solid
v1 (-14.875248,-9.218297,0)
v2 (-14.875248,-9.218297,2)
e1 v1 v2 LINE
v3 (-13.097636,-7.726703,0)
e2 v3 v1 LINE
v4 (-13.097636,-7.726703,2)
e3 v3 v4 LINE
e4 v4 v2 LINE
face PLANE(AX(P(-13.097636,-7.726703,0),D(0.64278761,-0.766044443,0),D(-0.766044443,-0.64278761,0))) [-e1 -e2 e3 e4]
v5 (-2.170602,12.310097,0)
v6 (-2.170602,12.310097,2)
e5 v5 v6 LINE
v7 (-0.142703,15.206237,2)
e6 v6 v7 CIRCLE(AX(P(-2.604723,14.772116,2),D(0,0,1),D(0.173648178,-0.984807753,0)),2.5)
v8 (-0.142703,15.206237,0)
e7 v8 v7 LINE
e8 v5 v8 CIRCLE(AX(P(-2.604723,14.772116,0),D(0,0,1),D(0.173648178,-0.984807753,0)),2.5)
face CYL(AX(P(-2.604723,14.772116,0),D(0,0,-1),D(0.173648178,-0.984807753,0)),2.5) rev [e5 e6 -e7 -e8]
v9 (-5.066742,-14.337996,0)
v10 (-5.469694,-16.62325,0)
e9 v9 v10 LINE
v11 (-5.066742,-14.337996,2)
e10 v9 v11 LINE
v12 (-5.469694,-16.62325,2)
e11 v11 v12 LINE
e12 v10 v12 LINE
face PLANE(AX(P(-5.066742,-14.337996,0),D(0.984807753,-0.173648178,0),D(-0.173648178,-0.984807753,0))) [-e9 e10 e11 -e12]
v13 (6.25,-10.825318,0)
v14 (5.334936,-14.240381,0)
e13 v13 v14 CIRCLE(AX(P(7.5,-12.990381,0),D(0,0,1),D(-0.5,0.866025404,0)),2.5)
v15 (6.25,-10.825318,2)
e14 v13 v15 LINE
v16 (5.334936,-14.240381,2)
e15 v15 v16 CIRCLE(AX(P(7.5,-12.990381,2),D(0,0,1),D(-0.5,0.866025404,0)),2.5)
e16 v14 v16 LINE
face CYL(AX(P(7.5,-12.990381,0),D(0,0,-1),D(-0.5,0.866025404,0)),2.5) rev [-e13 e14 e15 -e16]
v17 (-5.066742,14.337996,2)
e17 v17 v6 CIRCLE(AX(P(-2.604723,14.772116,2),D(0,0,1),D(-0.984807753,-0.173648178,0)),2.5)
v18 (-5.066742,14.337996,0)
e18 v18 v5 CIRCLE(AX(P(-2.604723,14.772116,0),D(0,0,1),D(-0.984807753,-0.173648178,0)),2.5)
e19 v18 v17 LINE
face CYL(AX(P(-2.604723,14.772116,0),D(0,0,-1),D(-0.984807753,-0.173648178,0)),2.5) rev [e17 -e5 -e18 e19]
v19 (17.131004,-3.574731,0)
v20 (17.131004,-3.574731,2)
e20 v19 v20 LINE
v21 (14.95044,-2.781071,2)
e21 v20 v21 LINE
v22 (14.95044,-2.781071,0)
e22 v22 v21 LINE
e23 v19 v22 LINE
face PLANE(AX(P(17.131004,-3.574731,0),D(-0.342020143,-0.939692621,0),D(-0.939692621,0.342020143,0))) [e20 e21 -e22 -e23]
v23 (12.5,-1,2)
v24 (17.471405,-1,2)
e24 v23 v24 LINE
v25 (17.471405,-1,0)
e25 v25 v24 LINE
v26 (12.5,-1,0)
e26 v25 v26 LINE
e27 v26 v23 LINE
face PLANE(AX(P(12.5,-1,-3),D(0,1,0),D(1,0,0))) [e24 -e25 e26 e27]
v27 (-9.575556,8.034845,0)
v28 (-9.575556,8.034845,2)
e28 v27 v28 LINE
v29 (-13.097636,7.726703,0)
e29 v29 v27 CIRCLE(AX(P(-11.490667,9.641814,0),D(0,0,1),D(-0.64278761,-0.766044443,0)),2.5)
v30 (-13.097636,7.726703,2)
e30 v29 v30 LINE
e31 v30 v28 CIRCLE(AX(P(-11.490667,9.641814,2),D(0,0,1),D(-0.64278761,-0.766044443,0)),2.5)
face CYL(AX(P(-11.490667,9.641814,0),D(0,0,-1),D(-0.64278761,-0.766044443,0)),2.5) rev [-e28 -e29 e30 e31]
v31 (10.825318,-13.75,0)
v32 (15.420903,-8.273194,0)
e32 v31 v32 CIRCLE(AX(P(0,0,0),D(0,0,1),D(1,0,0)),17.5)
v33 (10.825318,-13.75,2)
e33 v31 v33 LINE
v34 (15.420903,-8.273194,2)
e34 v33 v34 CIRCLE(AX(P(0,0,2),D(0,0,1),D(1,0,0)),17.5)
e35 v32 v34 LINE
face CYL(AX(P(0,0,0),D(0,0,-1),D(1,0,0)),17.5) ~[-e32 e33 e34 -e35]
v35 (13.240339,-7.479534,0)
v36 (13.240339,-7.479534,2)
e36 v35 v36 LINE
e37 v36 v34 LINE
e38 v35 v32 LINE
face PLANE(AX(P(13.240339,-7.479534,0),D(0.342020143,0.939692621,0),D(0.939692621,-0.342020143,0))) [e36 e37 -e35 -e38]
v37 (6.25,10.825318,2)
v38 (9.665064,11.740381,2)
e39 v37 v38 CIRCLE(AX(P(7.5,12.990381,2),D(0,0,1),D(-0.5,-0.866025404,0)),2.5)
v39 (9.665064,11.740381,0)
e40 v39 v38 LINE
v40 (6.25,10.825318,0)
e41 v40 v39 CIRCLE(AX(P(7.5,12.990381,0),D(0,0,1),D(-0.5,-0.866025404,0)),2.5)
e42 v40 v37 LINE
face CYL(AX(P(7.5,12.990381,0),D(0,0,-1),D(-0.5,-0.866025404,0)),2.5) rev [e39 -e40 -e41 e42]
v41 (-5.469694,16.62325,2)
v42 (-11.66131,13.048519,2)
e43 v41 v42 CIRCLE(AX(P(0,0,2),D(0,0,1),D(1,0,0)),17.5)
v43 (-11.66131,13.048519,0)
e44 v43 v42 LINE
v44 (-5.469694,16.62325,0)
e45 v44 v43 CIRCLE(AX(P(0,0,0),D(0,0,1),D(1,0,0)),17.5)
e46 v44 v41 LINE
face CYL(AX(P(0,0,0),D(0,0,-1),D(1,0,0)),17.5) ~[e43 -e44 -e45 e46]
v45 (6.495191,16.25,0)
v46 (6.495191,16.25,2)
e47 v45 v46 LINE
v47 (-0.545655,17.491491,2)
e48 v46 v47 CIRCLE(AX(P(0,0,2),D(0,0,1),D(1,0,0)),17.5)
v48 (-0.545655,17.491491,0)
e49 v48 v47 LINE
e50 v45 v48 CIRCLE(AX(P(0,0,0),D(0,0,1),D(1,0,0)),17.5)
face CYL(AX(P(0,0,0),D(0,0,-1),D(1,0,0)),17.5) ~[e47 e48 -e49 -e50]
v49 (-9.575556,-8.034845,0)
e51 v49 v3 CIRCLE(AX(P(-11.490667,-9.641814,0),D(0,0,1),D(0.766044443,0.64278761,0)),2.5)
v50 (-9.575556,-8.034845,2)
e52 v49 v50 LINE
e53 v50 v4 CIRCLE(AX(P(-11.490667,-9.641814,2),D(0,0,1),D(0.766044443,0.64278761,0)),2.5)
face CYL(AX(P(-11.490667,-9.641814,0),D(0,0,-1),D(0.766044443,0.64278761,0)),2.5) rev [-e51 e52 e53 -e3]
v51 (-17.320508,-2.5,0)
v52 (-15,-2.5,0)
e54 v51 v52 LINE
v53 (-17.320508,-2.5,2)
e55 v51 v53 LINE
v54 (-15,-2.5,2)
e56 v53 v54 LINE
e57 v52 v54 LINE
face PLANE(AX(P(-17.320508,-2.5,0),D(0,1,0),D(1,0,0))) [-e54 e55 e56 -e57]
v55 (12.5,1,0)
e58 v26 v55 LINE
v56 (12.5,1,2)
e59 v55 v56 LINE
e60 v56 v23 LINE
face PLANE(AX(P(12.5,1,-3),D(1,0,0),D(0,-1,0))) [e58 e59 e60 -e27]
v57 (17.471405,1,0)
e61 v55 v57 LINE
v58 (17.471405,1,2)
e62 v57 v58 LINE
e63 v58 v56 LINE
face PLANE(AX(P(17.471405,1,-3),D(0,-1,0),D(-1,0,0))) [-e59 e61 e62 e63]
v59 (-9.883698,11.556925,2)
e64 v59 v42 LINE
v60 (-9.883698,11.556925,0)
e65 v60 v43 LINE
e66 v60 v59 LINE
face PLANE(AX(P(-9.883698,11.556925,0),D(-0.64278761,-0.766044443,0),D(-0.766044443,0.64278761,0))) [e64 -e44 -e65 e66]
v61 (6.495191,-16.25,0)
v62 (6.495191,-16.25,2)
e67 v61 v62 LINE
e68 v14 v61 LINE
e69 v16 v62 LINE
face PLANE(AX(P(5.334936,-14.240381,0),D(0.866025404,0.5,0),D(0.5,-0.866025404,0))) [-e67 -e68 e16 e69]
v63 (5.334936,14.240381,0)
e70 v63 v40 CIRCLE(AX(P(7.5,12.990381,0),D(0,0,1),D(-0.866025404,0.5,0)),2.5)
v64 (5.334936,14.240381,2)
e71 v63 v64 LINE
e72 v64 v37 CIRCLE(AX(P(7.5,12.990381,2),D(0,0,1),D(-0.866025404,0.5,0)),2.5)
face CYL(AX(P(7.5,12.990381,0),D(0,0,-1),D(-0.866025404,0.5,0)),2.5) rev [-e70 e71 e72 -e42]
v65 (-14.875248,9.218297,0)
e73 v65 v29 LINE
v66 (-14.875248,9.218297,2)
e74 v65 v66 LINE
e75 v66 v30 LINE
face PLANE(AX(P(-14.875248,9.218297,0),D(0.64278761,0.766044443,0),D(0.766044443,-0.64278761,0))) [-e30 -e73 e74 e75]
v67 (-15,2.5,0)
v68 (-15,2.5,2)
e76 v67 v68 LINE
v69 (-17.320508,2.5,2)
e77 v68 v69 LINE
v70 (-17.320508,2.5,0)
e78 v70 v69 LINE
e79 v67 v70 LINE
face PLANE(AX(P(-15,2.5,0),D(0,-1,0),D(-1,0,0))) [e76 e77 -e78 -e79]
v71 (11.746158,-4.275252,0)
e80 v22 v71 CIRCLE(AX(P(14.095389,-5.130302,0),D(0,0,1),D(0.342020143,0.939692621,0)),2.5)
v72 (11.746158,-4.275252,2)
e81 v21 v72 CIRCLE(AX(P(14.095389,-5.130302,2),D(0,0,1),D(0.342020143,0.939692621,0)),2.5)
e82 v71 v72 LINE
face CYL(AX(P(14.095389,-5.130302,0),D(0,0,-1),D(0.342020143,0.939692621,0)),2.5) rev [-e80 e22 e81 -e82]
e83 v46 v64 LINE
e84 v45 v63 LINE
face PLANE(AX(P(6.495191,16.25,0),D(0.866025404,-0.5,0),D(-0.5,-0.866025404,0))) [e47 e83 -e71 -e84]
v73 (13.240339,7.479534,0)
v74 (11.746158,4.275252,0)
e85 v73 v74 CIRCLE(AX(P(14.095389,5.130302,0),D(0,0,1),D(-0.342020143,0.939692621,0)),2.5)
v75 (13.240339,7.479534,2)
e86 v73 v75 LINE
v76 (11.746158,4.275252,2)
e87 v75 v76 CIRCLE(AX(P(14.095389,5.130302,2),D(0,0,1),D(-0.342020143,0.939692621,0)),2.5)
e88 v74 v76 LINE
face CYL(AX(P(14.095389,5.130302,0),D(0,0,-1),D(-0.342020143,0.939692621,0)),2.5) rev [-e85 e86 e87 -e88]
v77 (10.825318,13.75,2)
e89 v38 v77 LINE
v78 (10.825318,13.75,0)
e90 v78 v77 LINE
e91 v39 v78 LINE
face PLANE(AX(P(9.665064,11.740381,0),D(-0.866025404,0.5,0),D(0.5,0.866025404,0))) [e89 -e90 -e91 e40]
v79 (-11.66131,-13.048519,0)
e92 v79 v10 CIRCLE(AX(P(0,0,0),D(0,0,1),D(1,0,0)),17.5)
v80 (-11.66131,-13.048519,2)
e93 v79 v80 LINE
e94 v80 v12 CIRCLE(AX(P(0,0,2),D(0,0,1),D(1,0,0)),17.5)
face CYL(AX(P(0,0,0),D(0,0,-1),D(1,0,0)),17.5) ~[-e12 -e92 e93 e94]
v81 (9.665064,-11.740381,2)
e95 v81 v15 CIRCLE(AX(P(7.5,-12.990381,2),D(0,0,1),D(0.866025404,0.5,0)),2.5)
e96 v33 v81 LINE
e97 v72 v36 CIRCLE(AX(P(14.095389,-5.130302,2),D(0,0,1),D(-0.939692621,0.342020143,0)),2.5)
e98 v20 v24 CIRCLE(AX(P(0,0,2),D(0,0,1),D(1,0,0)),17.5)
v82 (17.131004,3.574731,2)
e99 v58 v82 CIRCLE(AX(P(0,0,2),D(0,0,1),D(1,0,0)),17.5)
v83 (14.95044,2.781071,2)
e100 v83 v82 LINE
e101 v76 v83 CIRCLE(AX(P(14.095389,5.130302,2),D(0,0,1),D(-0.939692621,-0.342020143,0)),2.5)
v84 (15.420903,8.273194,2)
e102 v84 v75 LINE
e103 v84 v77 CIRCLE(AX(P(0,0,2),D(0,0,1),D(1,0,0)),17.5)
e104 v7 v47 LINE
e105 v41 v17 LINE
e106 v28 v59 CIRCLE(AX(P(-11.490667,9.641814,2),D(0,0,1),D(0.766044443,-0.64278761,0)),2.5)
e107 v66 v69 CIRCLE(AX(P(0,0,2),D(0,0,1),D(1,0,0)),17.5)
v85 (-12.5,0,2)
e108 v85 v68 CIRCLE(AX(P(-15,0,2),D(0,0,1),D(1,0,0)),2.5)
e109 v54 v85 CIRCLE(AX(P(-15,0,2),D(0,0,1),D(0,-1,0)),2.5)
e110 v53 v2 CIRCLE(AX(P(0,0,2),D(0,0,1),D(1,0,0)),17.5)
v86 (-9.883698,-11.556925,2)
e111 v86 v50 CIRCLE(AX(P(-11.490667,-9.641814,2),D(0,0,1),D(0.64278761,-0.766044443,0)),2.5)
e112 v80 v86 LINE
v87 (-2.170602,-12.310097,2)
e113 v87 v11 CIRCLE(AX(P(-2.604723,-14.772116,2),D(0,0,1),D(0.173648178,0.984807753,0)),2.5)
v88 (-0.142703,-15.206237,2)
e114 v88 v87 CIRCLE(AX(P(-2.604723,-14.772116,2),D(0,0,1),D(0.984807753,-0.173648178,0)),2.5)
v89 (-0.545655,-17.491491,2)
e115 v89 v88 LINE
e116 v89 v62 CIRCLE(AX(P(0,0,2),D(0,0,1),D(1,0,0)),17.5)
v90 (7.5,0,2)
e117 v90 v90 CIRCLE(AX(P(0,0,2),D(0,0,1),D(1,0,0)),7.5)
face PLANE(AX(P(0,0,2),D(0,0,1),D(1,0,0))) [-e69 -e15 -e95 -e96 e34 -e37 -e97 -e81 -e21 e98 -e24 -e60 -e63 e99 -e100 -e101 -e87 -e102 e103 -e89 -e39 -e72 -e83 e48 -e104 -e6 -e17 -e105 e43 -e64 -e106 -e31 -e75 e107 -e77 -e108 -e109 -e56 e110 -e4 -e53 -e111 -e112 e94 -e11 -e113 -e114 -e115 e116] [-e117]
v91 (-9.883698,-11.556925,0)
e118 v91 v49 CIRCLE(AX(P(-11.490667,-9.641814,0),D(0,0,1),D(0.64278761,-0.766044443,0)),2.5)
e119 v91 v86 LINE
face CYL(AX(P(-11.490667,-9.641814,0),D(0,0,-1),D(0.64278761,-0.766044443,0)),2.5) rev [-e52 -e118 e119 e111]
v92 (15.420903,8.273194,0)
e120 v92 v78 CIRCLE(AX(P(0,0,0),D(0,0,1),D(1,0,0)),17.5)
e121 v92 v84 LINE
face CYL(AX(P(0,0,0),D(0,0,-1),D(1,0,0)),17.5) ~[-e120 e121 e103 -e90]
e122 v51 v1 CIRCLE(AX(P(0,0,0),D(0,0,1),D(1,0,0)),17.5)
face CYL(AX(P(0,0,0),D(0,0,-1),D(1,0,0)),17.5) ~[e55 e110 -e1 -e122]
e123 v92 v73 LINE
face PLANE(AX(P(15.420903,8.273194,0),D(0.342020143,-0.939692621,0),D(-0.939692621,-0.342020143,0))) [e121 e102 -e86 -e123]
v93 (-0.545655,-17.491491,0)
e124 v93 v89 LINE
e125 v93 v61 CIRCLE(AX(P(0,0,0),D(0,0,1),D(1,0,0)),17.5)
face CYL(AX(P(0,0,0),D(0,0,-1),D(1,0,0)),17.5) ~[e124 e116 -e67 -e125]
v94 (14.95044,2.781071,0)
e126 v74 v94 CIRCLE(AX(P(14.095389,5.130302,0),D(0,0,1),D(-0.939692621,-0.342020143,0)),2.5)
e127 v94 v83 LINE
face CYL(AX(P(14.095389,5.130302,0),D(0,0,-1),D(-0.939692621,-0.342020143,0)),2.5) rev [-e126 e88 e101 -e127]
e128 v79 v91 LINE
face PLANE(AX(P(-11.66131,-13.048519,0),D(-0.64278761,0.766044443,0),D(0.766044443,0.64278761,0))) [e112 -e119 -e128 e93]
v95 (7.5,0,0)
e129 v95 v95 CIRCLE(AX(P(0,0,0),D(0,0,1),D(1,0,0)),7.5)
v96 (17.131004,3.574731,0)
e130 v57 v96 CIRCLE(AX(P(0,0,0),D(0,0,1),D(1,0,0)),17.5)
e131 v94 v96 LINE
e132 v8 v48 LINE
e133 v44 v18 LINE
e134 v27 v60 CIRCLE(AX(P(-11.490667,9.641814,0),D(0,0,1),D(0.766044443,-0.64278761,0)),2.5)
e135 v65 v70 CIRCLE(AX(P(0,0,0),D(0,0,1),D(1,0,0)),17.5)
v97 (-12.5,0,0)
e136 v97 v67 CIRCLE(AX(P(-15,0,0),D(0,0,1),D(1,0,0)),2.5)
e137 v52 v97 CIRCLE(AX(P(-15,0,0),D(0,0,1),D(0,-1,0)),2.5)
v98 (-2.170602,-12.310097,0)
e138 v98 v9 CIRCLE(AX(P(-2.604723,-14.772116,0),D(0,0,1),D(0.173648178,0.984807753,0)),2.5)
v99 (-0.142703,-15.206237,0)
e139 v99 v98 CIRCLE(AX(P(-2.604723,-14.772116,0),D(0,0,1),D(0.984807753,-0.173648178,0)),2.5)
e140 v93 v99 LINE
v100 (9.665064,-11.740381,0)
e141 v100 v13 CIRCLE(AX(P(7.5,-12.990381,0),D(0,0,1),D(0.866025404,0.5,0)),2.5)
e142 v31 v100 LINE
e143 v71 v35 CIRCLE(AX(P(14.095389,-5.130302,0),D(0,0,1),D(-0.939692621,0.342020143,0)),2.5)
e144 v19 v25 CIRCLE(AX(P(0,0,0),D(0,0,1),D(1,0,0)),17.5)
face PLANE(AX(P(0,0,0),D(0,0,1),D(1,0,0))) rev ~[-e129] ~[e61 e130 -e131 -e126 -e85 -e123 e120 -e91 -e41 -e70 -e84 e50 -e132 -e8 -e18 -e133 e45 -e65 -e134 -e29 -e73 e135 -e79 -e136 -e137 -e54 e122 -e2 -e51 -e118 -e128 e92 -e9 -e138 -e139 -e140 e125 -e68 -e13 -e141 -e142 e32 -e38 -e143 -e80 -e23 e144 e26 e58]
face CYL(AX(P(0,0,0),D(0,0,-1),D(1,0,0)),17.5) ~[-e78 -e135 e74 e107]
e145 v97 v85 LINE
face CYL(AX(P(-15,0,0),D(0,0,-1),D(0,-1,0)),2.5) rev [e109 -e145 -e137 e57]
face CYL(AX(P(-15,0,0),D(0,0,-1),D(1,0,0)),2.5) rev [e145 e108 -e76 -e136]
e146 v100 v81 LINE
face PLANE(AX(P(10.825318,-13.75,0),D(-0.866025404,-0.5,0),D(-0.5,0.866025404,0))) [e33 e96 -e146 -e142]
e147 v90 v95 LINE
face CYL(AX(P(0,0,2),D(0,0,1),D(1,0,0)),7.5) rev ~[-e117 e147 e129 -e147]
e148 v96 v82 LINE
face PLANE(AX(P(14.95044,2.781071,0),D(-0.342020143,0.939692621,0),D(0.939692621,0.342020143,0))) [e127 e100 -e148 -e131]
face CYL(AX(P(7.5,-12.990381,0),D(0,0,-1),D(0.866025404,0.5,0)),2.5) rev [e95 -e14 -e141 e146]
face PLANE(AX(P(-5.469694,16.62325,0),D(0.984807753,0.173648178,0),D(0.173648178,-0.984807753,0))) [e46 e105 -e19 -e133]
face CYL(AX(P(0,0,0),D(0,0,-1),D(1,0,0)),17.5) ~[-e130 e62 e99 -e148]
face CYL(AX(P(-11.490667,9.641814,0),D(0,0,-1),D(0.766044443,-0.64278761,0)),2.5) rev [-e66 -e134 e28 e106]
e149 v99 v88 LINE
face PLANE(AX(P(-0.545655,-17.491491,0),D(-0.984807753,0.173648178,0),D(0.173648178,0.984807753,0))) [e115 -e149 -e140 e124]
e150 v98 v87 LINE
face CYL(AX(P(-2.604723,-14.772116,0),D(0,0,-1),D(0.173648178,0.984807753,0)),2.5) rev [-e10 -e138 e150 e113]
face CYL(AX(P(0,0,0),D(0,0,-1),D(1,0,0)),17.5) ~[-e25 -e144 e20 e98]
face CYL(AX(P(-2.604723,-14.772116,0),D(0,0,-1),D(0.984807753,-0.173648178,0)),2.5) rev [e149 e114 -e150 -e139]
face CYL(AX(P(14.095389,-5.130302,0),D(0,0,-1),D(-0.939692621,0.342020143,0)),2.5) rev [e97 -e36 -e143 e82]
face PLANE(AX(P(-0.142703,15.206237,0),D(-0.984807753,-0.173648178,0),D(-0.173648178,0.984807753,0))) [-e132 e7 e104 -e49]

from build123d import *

# Parameters (mm, degrees)
SKETCH1_R           = 17.5
BOSS_EXTRUDE1_DEPTH = 2
CUT_EXTRUDE2_START  = -5
CUT_EXTRUDE2_DEPTH  = 5
SKETCH4_R           = 7.5
CUT_EXTRUDE3_DEPTH  = 5
CUT_EXTRUDE5_START  = -2
CUT_EXTRUDE5_DEPTH  = 2
CIRPATTERN4_COUNT   = 9


with BuildPart() as part:
    # Sketch1 → Boss-Extrude1 (new body)
    with BuildSketch(Plane.XY):
        Circle(SKETCH1_R)
    extrude(amount=BOSS_EXTRUDE1_DEPTH)

    # Sketch3 → Cut-Extrude2 (cut)
    with BuildSketch(Plane.XY.offset(2).offset(CUT_EXTRUDE2_START)):
        with BuildLine():
            Line((12.5, -1), (17.47140521, -1))
            ThreePointArc((17.47140521, -1), (17.492849842, -0.500204374), (17.5, 0))
            ThreePointArc((17.5, 0), (17.492849842, 0.500204374), (17.47140521, 1))
            Line((17.47140521, 1), (12.5, 1))
            Line((12.5, 1), (12.5, -1))
        make_face()
    extrude(amount=CUT_EXTRUDE2_DEPTH, mode=Mode.SUBTRACT)

    # Sketch4 → Cut-Extrude3 (cut)
    with BuildSketch(Plane.XY.offset(2)):
        Circle(SKETCH4_R)
    extrude(amount=-CUT_EXTRUDE3_DEPTH, mode=Mode.SUBTRACT)

    # Sketch2 → Cut-Extrude5 (cut)
    with BuildSketch(Plane.XY.offset(2).offset(CUT_EXTRUDE5_START)):
        with BuildLine():
            Line((-17.320508076, -2.5), (-15, -2.5))
            ThreePointArc((-15, -2.5), (-13.232233047, -1.767766953), (-12.5, 0))
            ThreePointArc((-12.5, 0), (-13.232233047, 1.767766953), (-15, 2.5))
            Line((-15, 2.5), (-17.320508076, 2.5))
            ThreePointArc((-17.320508076, 2.5), (-17.5, 0), (-17.320508076, -2.5))
        make_face()
    cut_extrude5 = extrude(amount=CUT_EXTRUDE5_DEPTH, mode=Mode.SUBTRACT)

    # CirPattern4: Cut-Extrude5 ×9 about axis
    cirpattern4_axis = Axis((0, 0, 0), (0, 0, 1))
    for i in range(1, CIRPATTERN4_COUNT):
        add(cut_extrude5.rotate(cirpattern4_axis, i * 360 / CIRPATTERN4_COUNT), mode=Mode.SUBTRACT)


solid = part.part
